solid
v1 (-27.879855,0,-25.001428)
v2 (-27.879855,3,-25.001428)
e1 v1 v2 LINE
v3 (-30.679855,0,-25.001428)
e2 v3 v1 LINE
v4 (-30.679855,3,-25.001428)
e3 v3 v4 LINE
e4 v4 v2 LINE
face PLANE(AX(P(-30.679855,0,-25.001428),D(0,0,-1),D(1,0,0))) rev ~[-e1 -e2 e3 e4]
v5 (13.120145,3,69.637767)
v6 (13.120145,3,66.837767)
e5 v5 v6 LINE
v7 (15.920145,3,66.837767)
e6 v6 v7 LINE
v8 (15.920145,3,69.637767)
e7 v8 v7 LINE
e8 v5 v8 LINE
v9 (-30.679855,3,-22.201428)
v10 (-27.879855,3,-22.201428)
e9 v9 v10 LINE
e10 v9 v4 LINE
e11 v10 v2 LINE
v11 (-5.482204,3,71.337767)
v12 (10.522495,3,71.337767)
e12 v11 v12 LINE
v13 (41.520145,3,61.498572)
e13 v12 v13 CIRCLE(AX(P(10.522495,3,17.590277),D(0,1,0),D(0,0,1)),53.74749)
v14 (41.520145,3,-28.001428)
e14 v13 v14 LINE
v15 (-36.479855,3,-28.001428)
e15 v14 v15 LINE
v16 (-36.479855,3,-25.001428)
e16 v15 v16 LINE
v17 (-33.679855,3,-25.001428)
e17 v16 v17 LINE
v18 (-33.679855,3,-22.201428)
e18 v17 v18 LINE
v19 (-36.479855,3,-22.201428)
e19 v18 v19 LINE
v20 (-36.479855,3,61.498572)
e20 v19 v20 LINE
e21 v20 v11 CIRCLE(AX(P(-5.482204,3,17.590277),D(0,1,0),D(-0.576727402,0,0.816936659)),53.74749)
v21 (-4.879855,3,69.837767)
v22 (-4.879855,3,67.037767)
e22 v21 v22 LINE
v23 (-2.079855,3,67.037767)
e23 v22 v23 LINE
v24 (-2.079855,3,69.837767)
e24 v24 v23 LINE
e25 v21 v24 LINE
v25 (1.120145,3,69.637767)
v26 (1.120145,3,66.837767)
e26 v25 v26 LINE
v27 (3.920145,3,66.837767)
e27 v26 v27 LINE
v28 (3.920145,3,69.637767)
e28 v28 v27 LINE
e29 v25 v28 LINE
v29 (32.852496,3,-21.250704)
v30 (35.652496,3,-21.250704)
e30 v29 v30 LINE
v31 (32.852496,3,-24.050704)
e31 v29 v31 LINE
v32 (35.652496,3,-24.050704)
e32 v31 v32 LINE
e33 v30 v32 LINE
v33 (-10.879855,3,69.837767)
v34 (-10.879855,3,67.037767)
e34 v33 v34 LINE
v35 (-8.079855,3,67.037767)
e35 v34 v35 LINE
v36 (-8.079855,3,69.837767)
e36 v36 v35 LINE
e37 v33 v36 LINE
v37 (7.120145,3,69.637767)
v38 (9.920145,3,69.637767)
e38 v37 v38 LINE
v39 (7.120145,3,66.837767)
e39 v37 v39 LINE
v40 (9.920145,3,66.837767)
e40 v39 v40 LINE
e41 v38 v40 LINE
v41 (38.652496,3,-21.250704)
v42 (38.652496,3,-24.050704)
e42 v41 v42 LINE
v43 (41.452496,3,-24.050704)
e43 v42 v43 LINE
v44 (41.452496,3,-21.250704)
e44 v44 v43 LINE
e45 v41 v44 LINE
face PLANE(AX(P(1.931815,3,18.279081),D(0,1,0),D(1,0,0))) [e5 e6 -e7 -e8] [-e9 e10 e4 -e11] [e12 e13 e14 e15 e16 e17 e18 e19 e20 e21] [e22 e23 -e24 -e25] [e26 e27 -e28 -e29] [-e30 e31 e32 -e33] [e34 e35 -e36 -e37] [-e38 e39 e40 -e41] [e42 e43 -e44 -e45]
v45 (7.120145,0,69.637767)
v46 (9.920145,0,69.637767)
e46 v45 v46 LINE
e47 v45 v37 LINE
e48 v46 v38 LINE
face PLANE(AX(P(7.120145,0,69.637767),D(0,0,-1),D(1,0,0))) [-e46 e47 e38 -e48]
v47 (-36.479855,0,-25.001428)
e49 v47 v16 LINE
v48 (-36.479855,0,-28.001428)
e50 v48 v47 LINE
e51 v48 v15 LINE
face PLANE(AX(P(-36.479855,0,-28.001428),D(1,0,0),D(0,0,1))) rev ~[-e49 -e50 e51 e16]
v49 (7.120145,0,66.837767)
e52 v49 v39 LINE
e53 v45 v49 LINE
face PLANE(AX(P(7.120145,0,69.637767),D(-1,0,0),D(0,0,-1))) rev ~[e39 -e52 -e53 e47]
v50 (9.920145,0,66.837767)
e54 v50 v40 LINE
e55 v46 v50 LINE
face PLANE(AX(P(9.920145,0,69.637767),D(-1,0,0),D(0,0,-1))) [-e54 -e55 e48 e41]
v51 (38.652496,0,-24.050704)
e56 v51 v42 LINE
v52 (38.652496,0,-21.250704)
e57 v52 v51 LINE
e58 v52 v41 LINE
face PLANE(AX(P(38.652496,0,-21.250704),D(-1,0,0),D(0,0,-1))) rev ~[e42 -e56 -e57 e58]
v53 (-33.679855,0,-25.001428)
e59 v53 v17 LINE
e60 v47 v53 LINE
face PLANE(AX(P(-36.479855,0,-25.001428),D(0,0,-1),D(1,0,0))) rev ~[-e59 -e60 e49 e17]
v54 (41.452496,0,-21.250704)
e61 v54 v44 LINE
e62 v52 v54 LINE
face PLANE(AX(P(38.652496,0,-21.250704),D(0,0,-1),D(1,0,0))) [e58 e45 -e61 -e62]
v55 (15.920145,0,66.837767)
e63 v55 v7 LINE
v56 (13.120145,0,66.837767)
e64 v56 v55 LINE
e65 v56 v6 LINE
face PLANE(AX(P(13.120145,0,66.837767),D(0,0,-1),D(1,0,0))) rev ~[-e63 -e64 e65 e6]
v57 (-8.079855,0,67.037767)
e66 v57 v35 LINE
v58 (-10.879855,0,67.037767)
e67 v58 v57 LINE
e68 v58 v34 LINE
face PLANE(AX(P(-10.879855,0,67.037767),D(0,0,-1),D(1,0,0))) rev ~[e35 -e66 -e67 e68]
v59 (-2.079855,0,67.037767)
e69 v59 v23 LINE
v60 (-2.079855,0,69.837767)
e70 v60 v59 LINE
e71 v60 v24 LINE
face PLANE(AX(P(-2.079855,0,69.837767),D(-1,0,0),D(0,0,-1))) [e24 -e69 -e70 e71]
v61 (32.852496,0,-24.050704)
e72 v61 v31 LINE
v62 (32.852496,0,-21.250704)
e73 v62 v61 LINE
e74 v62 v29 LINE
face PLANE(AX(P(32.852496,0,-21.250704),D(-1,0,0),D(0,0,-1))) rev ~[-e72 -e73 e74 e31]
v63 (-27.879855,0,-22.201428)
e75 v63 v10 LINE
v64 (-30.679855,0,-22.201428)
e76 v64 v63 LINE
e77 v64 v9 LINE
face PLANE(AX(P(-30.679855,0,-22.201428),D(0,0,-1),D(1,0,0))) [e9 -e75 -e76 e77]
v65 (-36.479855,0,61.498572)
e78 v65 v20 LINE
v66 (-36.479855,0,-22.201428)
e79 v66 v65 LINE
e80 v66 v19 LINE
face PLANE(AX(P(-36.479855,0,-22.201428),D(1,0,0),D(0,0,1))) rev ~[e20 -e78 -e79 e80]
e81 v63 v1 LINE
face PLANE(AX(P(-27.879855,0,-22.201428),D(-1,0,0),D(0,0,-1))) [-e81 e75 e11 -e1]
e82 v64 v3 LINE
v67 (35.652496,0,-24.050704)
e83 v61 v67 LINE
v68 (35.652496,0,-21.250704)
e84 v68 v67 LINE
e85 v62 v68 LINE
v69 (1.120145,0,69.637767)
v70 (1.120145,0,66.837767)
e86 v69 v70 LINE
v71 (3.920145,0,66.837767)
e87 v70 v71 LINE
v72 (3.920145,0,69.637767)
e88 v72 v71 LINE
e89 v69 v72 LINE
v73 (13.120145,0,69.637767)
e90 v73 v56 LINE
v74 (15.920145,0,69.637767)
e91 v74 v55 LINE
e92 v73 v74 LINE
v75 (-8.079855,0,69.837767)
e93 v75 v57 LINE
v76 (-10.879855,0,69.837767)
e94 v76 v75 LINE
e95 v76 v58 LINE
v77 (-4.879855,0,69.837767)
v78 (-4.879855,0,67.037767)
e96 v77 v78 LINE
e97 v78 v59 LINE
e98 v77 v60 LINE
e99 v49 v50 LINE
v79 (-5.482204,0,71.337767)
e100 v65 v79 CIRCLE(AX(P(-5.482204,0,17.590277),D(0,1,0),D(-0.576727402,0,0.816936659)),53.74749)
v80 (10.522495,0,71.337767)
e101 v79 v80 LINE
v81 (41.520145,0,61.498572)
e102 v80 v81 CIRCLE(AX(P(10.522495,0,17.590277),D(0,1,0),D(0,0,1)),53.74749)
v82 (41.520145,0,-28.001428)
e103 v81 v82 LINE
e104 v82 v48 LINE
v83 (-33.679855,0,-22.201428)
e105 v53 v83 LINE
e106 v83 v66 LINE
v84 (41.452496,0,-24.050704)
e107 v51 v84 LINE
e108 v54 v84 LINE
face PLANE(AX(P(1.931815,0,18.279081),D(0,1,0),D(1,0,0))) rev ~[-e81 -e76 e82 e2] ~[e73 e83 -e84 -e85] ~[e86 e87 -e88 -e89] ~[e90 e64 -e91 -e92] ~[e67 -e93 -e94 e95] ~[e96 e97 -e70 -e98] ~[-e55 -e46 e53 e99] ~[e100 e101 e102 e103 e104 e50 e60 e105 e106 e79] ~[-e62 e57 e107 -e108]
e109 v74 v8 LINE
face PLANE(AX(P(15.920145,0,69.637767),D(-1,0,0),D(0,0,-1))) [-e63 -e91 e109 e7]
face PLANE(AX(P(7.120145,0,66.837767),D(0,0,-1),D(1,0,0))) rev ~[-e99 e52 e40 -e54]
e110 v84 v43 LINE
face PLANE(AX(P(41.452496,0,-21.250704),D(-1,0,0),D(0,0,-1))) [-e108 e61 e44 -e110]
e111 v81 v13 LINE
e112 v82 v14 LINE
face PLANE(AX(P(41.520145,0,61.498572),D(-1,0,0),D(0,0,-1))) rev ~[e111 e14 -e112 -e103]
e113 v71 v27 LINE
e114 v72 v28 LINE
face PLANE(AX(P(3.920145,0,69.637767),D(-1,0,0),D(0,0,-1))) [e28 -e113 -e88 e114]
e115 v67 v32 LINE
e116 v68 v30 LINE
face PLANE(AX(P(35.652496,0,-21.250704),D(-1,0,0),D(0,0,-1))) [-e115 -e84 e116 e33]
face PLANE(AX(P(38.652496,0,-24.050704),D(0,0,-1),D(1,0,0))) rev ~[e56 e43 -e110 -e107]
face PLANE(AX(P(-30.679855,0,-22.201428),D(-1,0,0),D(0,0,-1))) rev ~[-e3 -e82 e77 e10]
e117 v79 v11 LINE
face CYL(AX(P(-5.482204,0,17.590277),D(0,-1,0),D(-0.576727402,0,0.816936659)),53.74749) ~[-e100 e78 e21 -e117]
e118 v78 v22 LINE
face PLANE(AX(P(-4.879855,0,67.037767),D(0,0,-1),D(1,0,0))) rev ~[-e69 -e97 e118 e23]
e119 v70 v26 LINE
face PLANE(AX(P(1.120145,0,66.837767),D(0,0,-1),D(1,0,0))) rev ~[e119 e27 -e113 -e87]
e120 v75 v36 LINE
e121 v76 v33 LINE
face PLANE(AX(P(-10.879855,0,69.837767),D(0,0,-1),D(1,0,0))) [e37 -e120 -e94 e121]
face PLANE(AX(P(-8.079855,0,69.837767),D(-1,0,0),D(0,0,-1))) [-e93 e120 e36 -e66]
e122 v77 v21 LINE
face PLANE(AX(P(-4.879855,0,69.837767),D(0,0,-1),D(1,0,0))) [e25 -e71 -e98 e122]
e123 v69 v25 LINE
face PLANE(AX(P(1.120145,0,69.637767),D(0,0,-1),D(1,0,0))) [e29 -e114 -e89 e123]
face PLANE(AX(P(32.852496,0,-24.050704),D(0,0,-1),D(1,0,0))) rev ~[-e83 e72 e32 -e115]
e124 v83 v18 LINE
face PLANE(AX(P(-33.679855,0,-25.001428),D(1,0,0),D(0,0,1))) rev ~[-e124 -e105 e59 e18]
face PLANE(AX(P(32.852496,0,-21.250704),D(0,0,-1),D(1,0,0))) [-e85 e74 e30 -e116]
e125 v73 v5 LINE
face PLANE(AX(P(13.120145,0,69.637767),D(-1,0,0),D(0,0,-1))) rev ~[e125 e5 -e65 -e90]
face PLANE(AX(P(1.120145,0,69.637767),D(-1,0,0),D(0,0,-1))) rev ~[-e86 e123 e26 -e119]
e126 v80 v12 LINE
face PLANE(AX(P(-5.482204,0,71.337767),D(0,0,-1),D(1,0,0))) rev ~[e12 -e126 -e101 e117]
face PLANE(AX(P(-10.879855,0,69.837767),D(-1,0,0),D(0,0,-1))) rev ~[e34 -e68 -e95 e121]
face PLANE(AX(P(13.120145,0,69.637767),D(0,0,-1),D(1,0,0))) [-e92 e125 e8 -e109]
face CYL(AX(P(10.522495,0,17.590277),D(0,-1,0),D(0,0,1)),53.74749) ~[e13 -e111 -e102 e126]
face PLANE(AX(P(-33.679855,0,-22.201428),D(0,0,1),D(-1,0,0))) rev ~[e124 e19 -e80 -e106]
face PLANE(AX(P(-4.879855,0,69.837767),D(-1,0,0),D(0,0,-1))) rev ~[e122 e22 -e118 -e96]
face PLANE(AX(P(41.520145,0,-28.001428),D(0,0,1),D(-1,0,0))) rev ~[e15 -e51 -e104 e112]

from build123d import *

# Parameters (mm, degrees)
SKETCH1_W           = 2.8
SKETCH1_H           = 2.8
BOSS_EXTRUDE1_DEPTH = 3


with BuildPart() as part:
    # Sketch1 → Boss-Extrude1 (new body)
    with BuildSketch(Plane(origin=(0, 0, 0), x_dir=(1, 0, 0), z_dir=(0, 1, 0))):
        with BuildLine():
            Line((-36.479854722, 28.001428065), (-36.479854722, 25.001428065))
            Line((-36.479854722, 25.001428065), (-33.679854722, 25.001428065))
            Line((-33.679854722, 25.001428065), (-33.679854722, 22.201428065))
            Line((-33.679854722, 22.201428065), (-36.479854722, 22.201428065))
            Line((-36.479854722, 22.201428065), (-36.479854722, -61.498571935))
            ThreePointArc((-36.479854722, -61.498571935), (-21.743078282, -68.818947396), (-5.482204259, -71.337767111))
            Line((-5.482204259, -71.337767111), (10.522494814, -71.337767111))
            ThreePointArc((10.522494814, -71.337767111), (26.783368837, -68.818947396), (41.520145278, -61.498571935))
            Line((41.520145278, -61.498571935), (41.520145278, 28.001428065))
            Line((41.520145278, 28.001428065), (-36.479854722, 28.001428065))
        make_face()
        with Locations((-29.279854722, 23.601428065)):
            Rectangle(SKETCH1_W, SKETCH1_H, mode=Mode.SUBTRACT)
        with Locations((-9.479854722, -68.437767111)):
            Rectangle(SKETCH1_W, SKETCH1_H, mode=Mode.SUBTRACT)
        with Locations((-3.479854722, -68.437767111)):
            Rectangle(SKETCH1_W, SKETCH1_H, mode=Mode.SUBTRACT)
        with Locations((2.520145278, -68.237767111)):
            Rectangle(SKETCH1_W, SKETCH1_H, mode=Mode.SUBTRACT)
        with Locations((8.520145278, -68.237767111)):
            Rectangle(SKETCH1_W, SKETCH1_H, mode=Mode.SUBTRACT)
        with Locations((14.520145278, -68.237767111)):
            Rectangle(SKETCH1_W, SKETCH1_H, mode=Mode.SUBTRACT)
        with Locations((34.252496444, 22.650704456)):
            Rectangle(SKETCH1_W, SKETCH1_H, mode=Mode.SUBTRACT)
        with Locations((40.052496444, 22.650704456)):
            Rectangle(SKETCH1_W, SKETCH1_H, mode=Mode.SUBTRACT)
    extrude(amount=BOSS_EXTRUDE1_DEPTH)


solid = part.part
